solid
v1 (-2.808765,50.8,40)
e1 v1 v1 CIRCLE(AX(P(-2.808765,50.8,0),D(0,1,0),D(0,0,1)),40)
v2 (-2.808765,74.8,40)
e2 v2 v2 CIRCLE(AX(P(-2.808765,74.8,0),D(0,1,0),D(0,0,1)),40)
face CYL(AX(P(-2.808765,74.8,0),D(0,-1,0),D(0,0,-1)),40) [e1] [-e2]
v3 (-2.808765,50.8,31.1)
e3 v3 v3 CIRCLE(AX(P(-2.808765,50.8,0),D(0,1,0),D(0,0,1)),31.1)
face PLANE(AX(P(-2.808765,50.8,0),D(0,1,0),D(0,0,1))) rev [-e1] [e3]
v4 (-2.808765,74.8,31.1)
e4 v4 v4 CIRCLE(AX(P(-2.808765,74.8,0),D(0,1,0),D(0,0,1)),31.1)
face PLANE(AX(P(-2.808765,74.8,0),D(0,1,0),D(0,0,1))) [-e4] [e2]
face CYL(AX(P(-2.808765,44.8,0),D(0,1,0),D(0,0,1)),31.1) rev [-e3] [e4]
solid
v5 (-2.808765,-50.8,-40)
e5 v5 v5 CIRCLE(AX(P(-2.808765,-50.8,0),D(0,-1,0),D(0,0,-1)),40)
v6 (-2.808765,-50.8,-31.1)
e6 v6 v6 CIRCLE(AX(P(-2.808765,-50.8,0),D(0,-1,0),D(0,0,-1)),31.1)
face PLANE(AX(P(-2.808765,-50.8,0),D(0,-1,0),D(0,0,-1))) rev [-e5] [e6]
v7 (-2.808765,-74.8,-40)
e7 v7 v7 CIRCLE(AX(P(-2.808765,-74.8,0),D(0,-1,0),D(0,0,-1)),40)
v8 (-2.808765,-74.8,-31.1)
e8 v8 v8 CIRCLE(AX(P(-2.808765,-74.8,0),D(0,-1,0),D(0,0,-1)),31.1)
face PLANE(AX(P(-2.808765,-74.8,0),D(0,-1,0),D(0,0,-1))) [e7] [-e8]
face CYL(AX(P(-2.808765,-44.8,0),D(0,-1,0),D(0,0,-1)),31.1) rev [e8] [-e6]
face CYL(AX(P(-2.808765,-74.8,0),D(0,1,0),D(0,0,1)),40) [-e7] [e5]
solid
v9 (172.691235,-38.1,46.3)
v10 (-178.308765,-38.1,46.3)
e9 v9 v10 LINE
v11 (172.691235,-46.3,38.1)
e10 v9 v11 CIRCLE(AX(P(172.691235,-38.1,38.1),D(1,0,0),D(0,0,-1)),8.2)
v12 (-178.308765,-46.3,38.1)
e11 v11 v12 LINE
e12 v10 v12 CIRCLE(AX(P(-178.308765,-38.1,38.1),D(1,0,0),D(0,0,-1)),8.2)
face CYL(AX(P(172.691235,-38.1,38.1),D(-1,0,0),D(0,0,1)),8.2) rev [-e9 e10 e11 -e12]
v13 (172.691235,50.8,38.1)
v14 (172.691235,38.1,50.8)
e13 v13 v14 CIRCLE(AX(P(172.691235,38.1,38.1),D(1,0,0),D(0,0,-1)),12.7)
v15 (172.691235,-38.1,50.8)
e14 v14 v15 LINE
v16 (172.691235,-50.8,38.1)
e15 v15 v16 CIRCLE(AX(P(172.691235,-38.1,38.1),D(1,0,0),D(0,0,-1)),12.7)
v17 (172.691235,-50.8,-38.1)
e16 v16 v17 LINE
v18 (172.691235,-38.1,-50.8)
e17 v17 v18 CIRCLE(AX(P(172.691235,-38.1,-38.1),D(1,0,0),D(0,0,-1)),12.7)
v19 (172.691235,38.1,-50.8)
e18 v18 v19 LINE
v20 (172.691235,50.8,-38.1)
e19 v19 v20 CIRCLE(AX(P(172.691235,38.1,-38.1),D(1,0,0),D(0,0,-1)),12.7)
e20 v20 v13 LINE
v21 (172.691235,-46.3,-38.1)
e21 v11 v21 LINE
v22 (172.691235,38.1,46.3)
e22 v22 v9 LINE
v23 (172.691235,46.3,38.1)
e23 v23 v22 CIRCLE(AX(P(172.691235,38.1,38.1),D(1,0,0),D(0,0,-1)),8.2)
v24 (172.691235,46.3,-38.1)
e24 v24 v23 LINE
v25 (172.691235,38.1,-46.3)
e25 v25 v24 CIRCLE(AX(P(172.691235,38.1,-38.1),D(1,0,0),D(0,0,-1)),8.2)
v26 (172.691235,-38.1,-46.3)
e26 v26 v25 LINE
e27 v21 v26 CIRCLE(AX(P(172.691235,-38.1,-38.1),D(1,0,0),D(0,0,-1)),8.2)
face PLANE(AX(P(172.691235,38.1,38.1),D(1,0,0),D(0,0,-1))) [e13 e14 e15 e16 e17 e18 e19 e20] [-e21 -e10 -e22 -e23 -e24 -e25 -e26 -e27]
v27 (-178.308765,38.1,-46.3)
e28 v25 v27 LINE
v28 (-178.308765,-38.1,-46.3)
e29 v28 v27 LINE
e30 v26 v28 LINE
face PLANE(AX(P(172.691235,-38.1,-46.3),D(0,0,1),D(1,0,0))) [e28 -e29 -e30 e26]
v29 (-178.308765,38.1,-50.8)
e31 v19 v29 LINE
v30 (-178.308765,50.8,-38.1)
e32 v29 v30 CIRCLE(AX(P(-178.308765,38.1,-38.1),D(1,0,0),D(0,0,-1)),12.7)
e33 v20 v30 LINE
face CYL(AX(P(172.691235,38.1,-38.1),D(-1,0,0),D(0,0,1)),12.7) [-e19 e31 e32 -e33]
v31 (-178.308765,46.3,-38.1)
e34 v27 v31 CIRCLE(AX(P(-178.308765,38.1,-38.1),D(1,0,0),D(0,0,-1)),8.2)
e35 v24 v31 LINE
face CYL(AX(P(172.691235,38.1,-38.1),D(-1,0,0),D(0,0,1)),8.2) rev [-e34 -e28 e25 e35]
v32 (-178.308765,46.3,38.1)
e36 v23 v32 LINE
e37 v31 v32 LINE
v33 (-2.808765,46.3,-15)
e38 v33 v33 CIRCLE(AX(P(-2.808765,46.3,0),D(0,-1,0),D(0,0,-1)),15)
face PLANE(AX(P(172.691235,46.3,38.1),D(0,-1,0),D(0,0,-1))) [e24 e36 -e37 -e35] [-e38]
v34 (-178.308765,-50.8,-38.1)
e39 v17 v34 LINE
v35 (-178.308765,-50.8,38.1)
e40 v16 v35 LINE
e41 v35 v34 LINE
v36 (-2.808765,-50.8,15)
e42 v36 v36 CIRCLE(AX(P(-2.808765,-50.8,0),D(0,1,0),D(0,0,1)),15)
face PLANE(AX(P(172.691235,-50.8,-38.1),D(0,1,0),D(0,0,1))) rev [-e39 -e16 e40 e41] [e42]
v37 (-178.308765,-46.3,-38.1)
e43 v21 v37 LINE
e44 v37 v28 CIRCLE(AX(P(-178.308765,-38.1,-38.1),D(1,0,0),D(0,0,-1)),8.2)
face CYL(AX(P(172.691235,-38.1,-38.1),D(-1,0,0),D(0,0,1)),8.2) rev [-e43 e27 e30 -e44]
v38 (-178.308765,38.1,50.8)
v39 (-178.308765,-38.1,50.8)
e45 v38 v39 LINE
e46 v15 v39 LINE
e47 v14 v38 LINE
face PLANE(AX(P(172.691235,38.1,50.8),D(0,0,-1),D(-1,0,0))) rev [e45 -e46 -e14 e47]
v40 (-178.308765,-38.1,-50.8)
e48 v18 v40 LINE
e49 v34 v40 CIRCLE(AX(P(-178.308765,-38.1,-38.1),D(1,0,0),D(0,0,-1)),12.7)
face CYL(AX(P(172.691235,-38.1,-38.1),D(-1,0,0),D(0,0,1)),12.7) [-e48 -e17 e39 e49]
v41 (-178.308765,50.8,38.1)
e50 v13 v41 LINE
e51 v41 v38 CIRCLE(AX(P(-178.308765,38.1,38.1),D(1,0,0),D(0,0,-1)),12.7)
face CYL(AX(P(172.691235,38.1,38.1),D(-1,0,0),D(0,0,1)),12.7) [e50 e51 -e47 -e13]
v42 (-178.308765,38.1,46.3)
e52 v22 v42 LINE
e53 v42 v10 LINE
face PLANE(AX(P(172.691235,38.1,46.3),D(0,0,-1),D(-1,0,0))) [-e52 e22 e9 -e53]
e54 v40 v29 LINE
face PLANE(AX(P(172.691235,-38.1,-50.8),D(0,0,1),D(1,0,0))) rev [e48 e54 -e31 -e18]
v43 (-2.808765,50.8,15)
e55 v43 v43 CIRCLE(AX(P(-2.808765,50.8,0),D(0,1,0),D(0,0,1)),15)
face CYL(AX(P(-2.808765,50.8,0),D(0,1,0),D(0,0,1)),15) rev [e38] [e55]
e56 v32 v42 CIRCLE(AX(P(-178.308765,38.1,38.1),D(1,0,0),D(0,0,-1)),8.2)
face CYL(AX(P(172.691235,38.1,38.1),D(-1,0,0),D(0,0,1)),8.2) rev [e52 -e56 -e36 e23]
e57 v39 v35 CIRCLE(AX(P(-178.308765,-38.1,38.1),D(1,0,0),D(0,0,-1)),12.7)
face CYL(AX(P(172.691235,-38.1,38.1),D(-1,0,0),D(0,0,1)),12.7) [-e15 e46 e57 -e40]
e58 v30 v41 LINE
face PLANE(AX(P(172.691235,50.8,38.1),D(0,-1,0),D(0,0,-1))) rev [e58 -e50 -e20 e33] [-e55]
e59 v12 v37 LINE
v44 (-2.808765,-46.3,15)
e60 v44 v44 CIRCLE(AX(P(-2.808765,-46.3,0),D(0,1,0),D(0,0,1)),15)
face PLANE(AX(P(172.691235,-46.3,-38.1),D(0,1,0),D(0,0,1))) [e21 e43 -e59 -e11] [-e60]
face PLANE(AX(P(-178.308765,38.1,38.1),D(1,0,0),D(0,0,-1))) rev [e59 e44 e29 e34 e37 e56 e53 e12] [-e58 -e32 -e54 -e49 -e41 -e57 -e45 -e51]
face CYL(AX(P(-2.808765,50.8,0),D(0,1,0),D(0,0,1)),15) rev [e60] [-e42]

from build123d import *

# Parameters (mm, degrees)
MIEMBRO_ESTRUCTURAL1_DEPTH    = 351
TALADRO_DE_MARGEN_PARA_M391_D = 30
CROQUIS6_R                    = 40
SALIENTE_EXTRUIR1_DEPTH       = 24
CROQUIS7_R                    = 31.1
CORTAR_EXTRUIR1_DEPTH         = 30
CROQUIS8_R                    = 40
SALIENTE_EXTRUIR2_DEPTH       = 24
CROQUIS9_R                    = 31.1
CORTAR_EXTRUIR2_DEPTH         = 30


with BuildPart() as part:
    # Sketch1 → Miembro estructural1 (new body)
    with BuildSketch(Plane.YZ.offset(-178.308765334)):
        with BuildLine():
            Line((-38.1, -50.8), (38.1, -50.8))
            ThreePointArc((38.1, -50.8), (47.080256121, -47.080256121), (50.8, -38.1))
            Line((50.8, -38.1), (50.8, 38.1))
            ThreePointArc((50.8, 38.1), (47.080256121, 47.080256121), (38.1, 50.8))
            Line((38.1, 50.8), (-38.1, 50.8))
            ThreePointArc((-38.1, 50.8), (-47.080256121, 47.080256121), (-50.8, 38.1))
            Line((-50.8, 38.1), (-50.8, -38.1))
            ThreePointArc((-50.8, -38.1), (-47.080256121, -47.080256121), (-38.1, -50.8))
        make_face()
        with BuildLine():
            Line((-38.1, -46.3), (38.1, -46.3))
            ThreePointArc((38.1, -46.3), (43.898275606, -43.898275606), (46.3, -38.1))
            Line((46.3, -38.1), (46.3, 38.1))
            ThreePointArc((46.3, 38.1), (43.898275606, 43.898275606), (38.1, 46.3))
            Line((38.1, 46.3), (-38.1, 46.3))
            ThreePointArc((-38.1, 46.3), (-43.898275606, 43.898275606), (-46.3, 38.1))
            Line((-46.3, 38.1), (-46.3, -38.1))
            ThreePointArc((-46.3, -38.1), (-43.898275606, -43.898275606), (-38.1, -46.3))
        make_face(mode=Mode.SUBTRACT)
    extrude(amount=MIEMBRO_ESTRUCTURAL1_DEPTH)

    # Taladro de margen para M391 (through all)
    with Locations(Plane(origin=(0, 50.8, 0), x_dir=(1, 0, 0), z_dir=(0, 1, 0))):
        with Locations((-2.808765334, 0)):
            Hole(TALADRO_DE_MARGEN_PARA_M391_D / 2)


with BuildPart() as body_2:
    # Croquis6 → Saliente-Extruir1 (new body)
    with BuildSketch(Plane(origin=(0, 50.8, 0), x_dir=(1, 0, 0), z_dir=(0, 1, 0))):
        with Locations(Location((-2.808765334, 0, 0), (0, 0, 270))):
            Circle(CROQUIS6_R)
    extrude(amount=SALIENTE_EXTRUIR1_DEPTH)

    # Croquis7 → Cortar-Extruir1 (cut)
    with BuildSketch(Plane(origin=(0, 74.8, 0), x_dir=(1, 0, 0), z_dir=(0, 1, 0))):
        with Locations(Location((-2.808765334, 0, 0), (0, 0, 270))):
            Circle(CROQUIS7_R)
    extrude(amount=-CORTAR_EXTRUIR1_DEPTH, mode=Mode.SUBTRACT)


with BuildPart() as body_3:
    # Croquis8 → Saliente-Extruir2 (new body)
    with BuildSketch(Plane(origin=(0, -50.8, 0), x_dir=(-1, 0, 0), z_dir=(0, -1, 0))):
        with Locations(Location((2.808765334, 0, 0), (0, 0, 90))):
            Circle(CROQUIS8_R)
    extrude(amount=SALIENTE_EXTRUIR2_DEPTH)

    # Croquis9 → Cortar-Extruir2 (cut)
    with BuildSketch(Plane(origin=(0, -74.8, 0), x_dir=(-1, 0, 0), z_dir=(0, -1, 0))):
        with Locations(Location((2.808765334, 0, 0), (0, 0, 90))):
            Circle(CROQUIS9_R)
    extrude(amount=-CORTAR_EXTRUIR2_DEPTH, mode=Mode.SUBTRACT)


solid = Compound([part.part, body_2.part, body_3.part])
